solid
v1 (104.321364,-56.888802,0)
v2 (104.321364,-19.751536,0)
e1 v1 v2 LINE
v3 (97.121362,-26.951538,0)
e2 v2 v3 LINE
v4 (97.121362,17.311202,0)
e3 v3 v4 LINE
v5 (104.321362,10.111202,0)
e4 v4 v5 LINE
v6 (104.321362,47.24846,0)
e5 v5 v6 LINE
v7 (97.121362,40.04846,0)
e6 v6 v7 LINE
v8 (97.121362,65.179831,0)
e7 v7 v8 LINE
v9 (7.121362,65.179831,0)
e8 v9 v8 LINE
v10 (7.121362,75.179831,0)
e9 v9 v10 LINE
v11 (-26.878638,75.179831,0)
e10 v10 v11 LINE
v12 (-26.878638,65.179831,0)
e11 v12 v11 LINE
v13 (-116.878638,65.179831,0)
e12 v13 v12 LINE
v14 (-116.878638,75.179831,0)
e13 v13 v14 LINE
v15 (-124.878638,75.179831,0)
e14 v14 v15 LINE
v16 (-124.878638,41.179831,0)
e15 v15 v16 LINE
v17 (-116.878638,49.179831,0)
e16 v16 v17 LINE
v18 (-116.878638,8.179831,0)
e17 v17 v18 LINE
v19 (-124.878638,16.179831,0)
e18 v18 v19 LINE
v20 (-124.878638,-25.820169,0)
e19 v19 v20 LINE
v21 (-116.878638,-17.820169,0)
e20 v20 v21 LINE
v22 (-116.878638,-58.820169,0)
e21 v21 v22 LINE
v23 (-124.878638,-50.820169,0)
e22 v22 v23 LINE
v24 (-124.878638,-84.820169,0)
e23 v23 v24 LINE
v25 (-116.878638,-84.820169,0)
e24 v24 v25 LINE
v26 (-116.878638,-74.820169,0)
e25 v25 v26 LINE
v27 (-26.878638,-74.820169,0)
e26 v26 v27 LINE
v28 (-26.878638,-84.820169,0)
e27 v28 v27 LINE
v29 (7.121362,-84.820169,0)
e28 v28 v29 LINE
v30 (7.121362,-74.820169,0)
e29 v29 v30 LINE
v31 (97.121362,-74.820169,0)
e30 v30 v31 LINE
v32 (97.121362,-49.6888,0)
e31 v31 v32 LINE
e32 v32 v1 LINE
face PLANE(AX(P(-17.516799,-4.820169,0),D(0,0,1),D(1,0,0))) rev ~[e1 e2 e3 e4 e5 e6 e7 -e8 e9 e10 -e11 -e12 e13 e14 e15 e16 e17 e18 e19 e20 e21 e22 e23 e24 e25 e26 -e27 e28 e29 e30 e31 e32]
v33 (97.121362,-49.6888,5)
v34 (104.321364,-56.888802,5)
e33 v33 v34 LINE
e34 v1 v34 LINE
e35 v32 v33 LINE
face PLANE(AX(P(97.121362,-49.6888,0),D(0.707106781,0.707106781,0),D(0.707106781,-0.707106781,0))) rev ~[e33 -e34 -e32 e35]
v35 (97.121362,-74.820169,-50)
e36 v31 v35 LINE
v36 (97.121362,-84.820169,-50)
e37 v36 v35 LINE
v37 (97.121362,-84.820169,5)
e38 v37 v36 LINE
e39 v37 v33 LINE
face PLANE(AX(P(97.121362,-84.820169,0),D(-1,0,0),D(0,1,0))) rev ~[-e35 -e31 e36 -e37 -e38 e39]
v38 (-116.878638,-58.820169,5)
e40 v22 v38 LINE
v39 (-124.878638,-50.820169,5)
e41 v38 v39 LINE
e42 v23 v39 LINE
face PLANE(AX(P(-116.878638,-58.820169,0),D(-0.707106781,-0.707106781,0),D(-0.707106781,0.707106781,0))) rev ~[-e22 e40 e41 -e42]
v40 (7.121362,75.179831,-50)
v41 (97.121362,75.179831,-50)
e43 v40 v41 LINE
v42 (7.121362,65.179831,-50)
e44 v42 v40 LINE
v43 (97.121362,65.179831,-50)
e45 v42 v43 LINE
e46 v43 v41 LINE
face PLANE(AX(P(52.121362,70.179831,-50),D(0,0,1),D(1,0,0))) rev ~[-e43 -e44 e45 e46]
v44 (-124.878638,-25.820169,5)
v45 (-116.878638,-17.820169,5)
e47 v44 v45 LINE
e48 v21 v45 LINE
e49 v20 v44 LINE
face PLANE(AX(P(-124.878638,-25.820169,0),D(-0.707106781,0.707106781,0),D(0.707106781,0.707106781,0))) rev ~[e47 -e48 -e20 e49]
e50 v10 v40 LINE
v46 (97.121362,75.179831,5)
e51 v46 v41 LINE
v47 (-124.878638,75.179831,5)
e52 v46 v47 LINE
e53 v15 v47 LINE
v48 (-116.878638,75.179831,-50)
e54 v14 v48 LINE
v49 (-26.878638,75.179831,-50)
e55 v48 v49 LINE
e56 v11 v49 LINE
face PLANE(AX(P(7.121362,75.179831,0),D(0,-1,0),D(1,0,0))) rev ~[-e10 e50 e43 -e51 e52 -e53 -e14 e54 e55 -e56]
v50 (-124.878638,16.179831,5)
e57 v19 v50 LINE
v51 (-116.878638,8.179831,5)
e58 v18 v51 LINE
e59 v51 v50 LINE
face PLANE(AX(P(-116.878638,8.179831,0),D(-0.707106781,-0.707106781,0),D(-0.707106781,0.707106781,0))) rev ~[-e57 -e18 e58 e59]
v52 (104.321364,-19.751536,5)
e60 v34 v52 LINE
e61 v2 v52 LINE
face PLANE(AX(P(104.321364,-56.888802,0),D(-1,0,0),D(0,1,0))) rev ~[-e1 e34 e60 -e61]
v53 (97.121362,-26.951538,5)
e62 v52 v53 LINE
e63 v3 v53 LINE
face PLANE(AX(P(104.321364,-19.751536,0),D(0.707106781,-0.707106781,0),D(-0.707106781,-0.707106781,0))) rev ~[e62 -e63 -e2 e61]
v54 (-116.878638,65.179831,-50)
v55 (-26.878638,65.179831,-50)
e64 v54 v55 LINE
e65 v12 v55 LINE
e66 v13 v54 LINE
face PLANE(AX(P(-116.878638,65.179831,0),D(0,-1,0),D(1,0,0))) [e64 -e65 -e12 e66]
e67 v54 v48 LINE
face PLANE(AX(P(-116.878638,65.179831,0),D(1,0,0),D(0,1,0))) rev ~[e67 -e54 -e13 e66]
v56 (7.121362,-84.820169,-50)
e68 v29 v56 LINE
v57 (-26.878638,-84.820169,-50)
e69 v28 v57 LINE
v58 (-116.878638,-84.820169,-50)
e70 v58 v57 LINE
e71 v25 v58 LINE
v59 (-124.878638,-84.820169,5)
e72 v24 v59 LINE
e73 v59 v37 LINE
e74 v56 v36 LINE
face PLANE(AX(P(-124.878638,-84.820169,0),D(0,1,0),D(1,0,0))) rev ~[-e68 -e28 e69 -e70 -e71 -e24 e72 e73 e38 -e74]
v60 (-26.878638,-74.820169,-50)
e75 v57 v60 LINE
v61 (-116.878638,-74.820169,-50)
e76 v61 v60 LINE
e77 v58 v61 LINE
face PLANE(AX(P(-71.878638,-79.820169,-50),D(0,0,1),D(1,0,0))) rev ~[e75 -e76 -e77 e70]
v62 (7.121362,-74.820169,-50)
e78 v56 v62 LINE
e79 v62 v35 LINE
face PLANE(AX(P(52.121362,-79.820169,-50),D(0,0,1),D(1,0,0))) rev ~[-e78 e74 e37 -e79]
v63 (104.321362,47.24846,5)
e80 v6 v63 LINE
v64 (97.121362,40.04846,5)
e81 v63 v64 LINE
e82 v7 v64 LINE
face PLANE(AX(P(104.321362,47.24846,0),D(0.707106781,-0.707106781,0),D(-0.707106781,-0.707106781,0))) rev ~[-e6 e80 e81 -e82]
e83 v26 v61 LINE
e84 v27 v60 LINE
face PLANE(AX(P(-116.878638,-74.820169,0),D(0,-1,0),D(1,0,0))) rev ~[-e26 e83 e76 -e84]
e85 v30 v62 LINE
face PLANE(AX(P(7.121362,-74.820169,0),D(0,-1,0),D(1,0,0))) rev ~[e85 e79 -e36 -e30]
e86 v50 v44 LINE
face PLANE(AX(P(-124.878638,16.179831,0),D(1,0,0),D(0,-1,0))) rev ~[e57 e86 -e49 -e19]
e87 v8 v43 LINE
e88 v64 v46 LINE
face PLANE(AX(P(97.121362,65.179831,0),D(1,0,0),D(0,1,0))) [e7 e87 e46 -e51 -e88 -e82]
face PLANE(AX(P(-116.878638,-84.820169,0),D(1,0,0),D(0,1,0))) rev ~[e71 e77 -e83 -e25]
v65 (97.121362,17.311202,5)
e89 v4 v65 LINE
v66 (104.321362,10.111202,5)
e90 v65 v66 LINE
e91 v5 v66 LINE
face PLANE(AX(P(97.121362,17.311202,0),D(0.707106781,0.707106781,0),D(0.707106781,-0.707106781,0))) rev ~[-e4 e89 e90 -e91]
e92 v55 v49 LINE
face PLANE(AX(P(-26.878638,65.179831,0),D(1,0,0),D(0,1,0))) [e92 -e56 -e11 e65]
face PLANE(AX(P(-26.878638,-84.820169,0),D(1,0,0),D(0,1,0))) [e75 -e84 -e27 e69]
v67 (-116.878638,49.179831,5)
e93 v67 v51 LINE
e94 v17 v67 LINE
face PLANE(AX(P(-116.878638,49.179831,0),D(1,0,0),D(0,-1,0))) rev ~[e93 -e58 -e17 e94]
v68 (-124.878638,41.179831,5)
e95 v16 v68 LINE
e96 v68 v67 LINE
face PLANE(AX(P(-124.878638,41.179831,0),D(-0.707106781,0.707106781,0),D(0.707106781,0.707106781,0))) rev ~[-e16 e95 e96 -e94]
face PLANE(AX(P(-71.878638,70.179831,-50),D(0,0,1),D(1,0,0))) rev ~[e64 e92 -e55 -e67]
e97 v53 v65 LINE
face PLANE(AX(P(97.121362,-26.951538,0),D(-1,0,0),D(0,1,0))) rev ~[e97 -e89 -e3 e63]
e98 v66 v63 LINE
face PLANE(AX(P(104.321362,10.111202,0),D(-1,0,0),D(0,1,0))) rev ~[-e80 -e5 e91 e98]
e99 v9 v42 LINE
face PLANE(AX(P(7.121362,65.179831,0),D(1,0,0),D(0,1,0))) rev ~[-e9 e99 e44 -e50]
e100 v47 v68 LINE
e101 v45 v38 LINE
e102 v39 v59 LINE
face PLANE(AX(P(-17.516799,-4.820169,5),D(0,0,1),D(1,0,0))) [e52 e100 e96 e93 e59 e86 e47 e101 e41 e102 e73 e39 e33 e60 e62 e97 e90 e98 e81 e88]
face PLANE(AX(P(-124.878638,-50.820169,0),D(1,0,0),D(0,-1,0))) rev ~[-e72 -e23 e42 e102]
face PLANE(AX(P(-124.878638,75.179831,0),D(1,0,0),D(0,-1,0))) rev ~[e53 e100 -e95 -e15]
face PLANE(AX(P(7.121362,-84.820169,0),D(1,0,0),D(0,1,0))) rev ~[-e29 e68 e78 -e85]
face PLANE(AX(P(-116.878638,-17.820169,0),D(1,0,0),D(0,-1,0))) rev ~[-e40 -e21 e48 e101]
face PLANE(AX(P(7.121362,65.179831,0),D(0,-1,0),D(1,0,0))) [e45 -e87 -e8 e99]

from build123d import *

# Parameters (mm, degrees)
F0_W     = 90
F0_H     = 10
F1_DEPTH = 5
F2_DEPTH = 50


with BuildPart() as f1:
    # F0 (on Top) → F1 (new body)
    with BuildSketch(Plane.XY):
        Polygon((7.121362, 65.179831), (7.121362, 75.179831), (-26.878638, 75.179831), (-26.878638, 65.179831), (-116.878638, 65.179831), (-116.878638, 75.179831), (-124.878638, 75.179831), (-124.878638, 41.179831), (-116.878638, 49.179831), (-116.878638, 8.179831), (-124.878638, 16.179831), (-124.878638, -25.820169), (-116.878638, -17.820169), (-116.878638, -58.820169), (-124.878638, -50.820169), (-124.878638, -84.820169), (-116.878638, -84.820169), (-116.878638, -74.820169), (-26.878638, -74.820169), (-26.878638, -84.820169), (7.121362, -84.820169), (7.121362, -74.820169), (97.121362, -74.820169), (97.121362, -49.6888), (104.321364, -56.888802), (104.321364, -19.751536), (97.121362, -26.951538), (97.121362, 17.311202), (104.321362, 10.111202), (104.321362, 47.24846), (97.121362, 40.04846), (97.121362, 65.179831), align=None)
        with Locations((-71.878638, 70.179831)):
            Rectangle(F0_W, F0_H)
        with Locations((52.121362, 70.179831)):
            Rectangle(F0_W, F0_H)
        with Locations((52.121362, -79.820169)):
            Rectangle(F0_W, F0_H)
        with Locations((-71.878638, -79.820169)):
            Rectangle(F0_W, F0_H)
    extrude(amount=F1_DEPTH)

    # F0 (on Top) → F2 (join)
    with BuildSketch(Plane.XY):
        with Locations((52.121362, 70.179831)):
            Rectangle(F0_W, F0_H)
        with Locations((-71.878638, 70.179831)):
            Rectangle(F0_W, F0_H)
        with Locations((-71.878638, -79.820169)):
            Rectangle(F0_W, F0_H)
        with Locations((52.121362, -79.820169)):
            Rectangle(F0_W, F0_H)
    extrude(amount=-F2_DEPTH)


solid = f1.part
